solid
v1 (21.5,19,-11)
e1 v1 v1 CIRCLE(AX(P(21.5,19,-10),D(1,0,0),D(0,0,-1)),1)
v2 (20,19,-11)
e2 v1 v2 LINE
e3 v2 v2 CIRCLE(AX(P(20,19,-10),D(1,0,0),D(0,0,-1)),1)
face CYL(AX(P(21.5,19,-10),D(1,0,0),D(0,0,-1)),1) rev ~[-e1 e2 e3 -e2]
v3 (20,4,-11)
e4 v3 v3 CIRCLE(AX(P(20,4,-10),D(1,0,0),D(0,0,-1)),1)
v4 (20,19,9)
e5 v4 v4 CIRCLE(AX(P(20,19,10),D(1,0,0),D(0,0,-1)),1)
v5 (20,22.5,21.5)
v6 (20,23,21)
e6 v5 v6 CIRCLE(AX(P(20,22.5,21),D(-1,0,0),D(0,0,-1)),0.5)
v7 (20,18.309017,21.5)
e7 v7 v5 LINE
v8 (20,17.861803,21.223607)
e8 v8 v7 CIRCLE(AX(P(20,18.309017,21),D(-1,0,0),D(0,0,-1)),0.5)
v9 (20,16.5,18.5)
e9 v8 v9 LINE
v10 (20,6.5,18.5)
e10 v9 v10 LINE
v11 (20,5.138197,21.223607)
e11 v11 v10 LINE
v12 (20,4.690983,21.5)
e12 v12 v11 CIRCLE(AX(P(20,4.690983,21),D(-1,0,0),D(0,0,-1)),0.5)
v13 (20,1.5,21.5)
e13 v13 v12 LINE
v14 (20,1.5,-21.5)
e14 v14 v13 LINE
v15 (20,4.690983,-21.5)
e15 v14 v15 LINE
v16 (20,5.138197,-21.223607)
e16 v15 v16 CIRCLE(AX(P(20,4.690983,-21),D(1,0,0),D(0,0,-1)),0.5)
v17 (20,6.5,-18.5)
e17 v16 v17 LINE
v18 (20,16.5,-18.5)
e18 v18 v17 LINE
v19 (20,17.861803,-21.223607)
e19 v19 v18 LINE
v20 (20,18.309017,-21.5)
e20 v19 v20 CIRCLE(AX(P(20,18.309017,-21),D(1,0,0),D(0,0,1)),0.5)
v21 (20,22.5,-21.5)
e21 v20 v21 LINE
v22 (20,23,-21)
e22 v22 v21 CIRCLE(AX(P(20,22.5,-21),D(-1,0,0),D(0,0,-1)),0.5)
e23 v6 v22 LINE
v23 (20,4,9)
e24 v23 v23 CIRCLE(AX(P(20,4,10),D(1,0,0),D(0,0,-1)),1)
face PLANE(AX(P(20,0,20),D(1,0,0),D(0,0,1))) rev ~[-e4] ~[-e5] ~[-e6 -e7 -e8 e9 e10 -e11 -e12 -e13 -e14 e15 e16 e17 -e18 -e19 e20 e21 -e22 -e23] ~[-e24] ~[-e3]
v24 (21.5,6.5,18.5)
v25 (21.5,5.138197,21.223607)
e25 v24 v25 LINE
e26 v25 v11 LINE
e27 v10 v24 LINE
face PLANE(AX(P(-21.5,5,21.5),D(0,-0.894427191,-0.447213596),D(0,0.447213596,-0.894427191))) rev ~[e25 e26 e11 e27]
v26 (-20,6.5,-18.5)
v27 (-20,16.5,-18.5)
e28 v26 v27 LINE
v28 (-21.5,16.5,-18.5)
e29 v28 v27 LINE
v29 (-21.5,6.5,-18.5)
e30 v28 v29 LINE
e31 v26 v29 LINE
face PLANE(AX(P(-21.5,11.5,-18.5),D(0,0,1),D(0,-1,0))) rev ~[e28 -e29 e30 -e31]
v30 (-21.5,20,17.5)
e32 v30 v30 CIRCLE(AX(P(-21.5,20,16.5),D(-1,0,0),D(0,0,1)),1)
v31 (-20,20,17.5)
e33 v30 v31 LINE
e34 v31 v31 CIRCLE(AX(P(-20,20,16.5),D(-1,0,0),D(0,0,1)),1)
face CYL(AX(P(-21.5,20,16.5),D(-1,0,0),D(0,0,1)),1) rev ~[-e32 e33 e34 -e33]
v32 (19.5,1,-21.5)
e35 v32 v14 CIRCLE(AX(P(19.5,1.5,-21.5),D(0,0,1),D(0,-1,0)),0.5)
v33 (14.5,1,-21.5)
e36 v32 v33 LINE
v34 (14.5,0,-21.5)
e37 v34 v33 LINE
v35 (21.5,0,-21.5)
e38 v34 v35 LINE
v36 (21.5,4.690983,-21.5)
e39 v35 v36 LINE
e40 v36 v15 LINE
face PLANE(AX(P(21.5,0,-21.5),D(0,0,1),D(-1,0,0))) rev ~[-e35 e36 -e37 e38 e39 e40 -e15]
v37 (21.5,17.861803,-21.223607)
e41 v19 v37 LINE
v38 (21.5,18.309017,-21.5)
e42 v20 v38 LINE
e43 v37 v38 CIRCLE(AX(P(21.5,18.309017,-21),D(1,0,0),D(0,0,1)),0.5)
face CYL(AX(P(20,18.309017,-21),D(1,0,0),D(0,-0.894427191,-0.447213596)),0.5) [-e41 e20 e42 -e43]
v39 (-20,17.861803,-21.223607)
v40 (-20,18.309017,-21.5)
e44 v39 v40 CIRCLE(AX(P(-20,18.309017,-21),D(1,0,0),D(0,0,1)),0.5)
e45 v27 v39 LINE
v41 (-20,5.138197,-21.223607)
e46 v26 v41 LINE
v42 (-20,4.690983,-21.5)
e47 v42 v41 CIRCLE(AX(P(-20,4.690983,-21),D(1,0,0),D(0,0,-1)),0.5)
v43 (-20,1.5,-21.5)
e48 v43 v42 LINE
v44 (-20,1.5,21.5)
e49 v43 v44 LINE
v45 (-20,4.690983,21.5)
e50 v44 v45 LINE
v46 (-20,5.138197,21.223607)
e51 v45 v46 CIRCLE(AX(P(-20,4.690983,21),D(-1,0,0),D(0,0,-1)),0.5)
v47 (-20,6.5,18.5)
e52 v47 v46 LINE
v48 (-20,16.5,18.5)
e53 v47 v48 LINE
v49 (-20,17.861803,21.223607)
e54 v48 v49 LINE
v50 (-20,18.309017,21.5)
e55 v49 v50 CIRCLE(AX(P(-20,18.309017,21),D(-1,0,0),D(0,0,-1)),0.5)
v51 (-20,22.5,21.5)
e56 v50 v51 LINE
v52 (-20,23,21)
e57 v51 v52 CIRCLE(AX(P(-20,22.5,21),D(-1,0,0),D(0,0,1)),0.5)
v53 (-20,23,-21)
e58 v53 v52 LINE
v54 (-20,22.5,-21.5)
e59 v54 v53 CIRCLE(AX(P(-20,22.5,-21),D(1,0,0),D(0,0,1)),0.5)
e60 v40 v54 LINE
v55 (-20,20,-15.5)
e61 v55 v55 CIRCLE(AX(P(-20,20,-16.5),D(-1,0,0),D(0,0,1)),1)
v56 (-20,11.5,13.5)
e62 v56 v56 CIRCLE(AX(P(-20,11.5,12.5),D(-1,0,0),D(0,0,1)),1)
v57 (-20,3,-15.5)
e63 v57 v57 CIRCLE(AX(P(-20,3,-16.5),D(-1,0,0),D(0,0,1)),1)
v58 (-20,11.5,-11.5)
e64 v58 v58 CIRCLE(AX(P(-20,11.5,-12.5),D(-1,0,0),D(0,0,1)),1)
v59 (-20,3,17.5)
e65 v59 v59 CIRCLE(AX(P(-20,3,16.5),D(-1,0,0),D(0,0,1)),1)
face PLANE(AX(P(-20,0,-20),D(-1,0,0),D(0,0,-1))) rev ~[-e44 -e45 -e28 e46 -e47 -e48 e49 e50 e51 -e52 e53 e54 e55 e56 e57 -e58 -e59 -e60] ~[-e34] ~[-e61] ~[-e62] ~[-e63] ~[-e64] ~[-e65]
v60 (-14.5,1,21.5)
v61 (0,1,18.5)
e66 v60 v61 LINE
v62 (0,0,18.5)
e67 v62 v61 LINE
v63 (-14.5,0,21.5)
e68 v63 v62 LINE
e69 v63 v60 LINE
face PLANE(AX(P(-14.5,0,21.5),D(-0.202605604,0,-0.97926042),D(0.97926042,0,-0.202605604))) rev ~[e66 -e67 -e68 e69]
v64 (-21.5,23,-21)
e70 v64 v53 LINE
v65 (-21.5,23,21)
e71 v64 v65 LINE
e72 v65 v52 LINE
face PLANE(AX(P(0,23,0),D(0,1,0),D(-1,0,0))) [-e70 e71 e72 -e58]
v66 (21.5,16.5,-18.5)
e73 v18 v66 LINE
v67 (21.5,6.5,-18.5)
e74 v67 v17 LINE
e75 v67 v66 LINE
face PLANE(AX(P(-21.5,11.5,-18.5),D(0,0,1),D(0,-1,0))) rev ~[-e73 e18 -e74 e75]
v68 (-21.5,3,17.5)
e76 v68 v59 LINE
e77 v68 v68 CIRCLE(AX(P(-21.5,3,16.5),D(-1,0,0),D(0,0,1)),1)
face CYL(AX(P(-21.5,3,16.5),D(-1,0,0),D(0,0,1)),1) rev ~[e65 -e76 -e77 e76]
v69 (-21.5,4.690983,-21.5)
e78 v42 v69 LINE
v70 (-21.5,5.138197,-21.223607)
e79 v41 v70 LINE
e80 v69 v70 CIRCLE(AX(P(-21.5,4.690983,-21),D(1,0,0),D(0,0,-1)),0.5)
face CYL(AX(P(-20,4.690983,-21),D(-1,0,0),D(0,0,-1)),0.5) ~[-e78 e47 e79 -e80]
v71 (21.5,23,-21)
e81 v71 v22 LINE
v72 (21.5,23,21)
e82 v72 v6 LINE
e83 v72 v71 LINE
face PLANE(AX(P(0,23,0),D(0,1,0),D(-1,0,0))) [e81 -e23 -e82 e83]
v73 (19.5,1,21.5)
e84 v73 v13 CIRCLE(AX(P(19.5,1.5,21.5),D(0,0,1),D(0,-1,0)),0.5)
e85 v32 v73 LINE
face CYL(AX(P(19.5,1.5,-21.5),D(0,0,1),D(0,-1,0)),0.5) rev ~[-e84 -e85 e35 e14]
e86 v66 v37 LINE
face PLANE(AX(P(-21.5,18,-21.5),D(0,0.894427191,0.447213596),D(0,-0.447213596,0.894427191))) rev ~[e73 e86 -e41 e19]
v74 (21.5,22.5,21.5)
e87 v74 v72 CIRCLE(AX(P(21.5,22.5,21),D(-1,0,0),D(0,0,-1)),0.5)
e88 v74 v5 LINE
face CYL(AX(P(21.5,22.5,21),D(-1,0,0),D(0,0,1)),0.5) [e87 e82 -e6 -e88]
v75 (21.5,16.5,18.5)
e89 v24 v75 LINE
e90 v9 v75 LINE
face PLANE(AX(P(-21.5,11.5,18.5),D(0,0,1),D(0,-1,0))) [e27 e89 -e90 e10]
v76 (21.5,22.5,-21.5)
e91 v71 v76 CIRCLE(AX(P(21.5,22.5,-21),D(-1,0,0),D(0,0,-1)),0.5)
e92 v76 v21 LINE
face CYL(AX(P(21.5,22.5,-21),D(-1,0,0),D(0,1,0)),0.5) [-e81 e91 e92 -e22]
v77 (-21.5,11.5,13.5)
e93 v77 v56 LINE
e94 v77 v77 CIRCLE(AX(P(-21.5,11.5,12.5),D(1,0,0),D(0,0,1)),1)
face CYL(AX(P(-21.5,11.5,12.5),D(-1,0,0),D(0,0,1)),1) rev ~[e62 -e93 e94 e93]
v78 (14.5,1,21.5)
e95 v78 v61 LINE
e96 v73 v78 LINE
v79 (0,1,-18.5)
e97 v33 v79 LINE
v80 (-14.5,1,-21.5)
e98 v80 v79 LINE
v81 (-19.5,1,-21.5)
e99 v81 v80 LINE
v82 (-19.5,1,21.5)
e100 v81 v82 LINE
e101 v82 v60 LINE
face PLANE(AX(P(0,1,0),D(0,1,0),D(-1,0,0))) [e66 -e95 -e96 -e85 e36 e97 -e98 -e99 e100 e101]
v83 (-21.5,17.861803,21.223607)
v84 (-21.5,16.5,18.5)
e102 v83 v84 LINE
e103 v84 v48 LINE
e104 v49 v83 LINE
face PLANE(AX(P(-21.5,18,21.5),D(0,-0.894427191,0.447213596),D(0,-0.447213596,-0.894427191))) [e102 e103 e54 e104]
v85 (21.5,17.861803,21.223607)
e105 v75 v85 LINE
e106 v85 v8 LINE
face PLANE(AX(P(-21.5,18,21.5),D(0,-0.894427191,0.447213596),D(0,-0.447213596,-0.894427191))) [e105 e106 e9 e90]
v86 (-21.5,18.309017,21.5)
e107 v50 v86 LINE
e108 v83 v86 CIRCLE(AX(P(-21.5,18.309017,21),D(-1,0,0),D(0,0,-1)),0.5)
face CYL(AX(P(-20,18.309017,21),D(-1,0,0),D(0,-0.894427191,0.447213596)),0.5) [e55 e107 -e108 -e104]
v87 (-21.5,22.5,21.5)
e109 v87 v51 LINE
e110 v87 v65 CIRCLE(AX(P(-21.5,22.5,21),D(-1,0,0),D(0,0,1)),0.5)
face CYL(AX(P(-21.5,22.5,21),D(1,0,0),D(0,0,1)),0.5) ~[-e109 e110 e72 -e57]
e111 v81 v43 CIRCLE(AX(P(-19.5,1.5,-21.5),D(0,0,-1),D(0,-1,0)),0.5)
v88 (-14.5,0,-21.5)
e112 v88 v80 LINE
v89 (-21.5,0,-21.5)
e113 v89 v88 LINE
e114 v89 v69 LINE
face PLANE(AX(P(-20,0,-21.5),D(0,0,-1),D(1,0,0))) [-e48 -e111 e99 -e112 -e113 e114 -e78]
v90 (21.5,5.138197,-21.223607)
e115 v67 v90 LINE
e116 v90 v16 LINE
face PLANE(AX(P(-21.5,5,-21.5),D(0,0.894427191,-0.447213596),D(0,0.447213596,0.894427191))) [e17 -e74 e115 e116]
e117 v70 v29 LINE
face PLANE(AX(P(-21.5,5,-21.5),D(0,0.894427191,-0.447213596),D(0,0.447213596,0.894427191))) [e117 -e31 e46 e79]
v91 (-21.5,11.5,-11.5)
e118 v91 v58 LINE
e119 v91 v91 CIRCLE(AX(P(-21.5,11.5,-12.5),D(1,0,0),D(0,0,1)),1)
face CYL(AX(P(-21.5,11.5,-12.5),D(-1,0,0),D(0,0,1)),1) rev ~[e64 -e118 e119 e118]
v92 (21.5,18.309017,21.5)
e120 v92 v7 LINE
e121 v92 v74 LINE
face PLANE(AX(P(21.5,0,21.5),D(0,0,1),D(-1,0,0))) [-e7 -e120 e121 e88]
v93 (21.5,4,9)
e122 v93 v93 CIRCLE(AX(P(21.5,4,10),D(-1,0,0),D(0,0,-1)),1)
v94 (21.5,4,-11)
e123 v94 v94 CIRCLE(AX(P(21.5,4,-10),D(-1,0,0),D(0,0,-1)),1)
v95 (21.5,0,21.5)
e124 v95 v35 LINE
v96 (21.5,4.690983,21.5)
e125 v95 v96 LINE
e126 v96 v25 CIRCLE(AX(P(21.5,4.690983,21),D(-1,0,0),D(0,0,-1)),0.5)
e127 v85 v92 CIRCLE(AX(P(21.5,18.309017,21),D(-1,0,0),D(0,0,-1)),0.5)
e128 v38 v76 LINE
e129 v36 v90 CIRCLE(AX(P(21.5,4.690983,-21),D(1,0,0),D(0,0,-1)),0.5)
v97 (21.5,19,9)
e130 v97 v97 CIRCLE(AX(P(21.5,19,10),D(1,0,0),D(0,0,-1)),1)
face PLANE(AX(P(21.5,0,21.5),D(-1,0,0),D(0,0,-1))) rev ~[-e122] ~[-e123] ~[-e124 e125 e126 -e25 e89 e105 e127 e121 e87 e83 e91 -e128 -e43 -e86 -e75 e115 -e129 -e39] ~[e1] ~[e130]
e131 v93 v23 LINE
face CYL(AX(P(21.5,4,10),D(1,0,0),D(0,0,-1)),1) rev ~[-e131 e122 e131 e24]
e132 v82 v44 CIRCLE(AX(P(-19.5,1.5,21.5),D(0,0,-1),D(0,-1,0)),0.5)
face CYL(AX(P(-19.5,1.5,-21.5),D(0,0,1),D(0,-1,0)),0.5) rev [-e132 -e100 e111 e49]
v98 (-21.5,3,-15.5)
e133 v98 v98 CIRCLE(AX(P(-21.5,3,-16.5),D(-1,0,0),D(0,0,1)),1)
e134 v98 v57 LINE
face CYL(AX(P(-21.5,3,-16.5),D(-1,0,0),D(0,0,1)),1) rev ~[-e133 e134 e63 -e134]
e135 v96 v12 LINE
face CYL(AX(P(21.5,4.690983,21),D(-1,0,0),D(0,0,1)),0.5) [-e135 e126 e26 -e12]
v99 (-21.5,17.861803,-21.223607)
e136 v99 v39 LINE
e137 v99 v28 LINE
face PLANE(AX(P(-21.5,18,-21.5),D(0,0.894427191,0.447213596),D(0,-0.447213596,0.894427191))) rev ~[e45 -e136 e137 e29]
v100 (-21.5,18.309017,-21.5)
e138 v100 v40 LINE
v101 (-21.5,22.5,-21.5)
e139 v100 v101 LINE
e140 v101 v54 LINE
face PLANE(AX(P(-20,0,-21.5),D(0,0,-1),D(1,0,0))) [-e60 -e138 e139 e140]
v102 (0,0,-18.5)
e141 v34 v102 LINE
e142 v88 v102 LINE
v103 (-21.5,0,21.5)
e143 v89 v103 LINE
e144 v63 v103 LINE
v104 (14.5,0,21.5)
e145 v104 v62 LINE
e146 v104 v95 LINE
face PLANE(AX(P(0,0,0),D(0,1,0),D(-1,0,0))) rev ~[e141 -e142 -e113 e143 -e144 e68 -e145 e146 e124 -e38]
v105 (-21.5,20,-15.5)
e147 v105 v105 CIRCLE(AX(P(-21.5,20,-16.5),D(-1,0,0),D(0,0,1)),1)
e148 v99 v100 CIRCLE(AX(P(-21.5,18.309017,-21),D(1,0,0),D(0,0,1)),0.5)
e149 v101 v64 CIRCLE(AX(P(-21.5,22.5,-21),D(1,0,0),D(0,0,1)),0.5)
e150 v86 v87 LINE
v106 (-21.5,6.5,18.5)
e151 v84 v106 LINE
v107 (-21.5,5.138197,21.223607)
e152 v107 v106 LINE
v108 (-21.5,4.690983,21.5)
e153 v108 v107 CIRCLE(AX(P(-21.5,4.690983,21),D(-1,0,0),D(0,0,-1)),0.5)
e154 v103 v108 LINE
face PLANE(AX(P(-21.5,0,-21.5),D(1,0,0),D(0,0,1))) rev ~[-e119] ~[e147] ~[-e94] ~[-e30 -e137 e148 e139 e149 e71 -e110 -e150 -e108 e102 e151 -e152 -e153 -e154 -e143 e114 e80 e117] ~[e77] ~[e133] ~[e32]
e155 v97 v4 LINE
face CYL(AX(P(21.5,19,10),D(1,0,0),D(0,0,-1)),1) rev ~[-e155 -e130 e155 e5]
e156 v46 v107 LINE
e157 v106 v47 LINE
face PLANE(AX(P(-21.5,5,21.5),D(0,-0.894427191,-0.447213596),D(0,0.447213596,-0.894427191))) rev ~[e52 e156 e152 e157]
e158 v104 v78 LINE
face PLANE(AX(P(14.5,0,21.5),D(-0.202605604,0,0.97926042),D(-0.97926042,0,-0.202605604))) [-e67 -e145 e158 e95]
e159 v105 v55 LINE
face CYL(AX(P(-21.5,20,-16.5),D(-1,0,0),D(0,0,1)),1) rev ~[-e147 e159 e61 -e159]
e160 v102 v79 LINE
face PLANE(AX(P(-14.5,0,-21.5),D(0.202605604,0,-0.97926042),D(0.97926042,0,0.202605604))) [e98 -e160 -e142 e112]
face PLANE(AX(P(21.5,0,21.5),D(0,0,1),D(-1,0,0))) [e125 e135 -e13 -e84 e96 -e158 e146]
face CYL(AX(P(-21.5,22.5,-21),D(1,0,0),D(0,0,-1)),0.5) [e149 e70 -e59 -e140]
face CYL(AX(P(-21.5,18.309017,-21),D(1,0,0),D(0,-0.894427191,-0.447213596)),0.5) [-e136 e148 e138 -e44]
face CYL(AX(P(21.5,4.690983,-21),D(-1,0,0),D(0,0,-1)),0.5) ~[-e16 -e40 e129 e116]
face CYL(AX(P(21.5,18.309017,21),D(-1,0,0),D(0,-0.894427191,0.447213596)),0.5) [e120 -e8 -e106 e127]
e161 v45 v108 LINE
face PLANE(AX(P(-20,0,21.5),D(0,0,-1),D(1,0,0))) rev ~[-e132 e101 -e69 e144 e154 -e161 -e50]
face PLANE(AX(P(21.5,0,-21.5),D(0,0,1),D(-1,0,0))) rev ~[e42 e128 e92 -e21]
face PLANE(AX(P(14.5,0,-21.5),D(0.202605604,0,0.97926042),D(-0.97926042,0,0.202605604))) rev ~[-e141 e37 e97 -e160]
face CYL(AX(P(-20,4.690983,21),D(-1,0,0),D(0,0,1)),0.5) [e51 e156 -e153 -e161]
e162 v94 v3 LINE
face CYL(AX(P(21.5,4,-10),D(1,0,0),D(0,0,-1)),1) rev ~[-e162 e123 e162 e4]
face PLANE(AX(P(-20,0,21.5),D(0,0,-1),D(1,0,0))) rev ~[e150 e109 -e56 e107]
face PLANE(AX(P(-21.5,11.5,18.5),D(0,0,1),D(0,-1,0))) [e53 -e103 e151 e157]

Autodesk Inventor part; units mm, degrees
ref_plane "YZ Plane" through (0, 0, 0) normal (1, 0, 0) x (0, 1, 0)
ref_plane "XZ Plane" through (0, 0, 0) normal (0, 1, 0) x (-1, 0, 0)
ref_plane "XY Plane" through (0, 0, 0) normal (0, 0, 1) x (1, 0, 0)
sketch "Esboço1" plane through (0, 0, 0) normal (0, 1, 0) x (-1, 0, 0)
  line L0 (-21.5, 21.5) -> (-21.5, -21.5)
  line L1 (21.5, -21.5) -> (21.5, 21.5)
  line L2 (21.5, 21.5) -> (-21.5, -21.5) construction
  line L3 (-21.5, 21.5) -> (21.5, -21.5) construction
  line L4 (21.5, -21.5) -> (14.5, -21.5)
  line L5 (14.5, -21.5) -> (0, -18.5)
  line L6 (-21.5, -21.5) -> (-14.5, -21.5)
  line L7 (-14.5, -21.5) -> (0, -18.5)
  line L8 (-21.5, -21.5) -> (-14.5, -21.5)
  line L9 (14.5, -21.5) -> (21.5, -21.5)
  line L10 (21.5, 21.5) -> (14.5, 21.5)
  line L11 (14.5, 21.5) -> (0, 18.5)
  line L12 (-21.5, 21.5) -> (-14.5, 21.5)
  line L13 (-14.5, 21.5) -> (0, 18.5)
  line L14 (20, -20) -> (20, 20)
  line L15 (20, 20) -> (14.6535, 20)
  line L16 (14.6535, 20) -> (0, 16.9682)
  line L17 (0, 16.9682) -> (-14.6535, 20)
  line L18 (-14.6535, 20) -> (-20, 20)
  line L19 (-20, 20) -> (-20, -20)
  line L20 (20, -20) -> (14.6535, -20)
  line L21 (14.6535, -20) -> (0, -16.9682)
  line L22 (0, -16.9682) -> (-14.6535, -20)
  line L23 (-14.6535, -20) -> (-20, -20)
  line L24 (20, 20) -> (20, 21.5)
  line L25 (20, -20) -> (20, -21.5)
  line L26 (-20, -20) -> (-20, -21.5)
  line L27 (-20, 20) -> (-20, 21.5)
  point P0 (0, 0)
  dimension "d0" = 43
  dimension "d1" = 43
  dimension "d2" = 37
  dimension "d3" = 7
  dimension "d4" = 7
extrude "Extrusão1" add sketch "Esboço1" along normal blind 23 contours L12 L27 L19 L26 L6 L0 | L10 L1 L4 L25 L14 L24
extrude "Extrusão2" add sketch "Esboço1" along normal blind 1 contours L12 L13 L11 L10 L24 L15 L16 L17 L18 L27 | L26 L23 L22 L21 L20 L25 L4 L5 L7 L6 | L18 L17 L16 L15 L14 L20 L21 L22 L23 L19
sketch "Esboço2" plane through (-21.5, 0, -21.5) normal (-1, 0, 0) x (0, 0, 1)
  line L0 (0, 0) -> (0, 23) projected
  line L1 (0, 23) -> (0, 18)
  line L2 (3, 0) -> (0, 0) projected
  line L3 (0, 0) -> (0, 5)
  line L4 (0, 11.5) -> (43, 11.5)
  line L5 (43, 0) -> (43, 23) projected
  line L6 (3, 11.5) -> (40, 11.5)
  line L7 (3, 16.5) -> (3, 6.5)
  line L8 (0, 18) -> (3, 16.5)
  line L9 (0, 5) -> (3, 6.5)
  line L10 (0, 18) -> (0, 5)
  line L11 (43, 23) -> (0, 23) projected
  line L12 (21.5, 23) -> (21.5, 0)
  line L13 (43, 23) -> (43, 18)
  line L14 (43, 0) -> (43, 5)
  line L15 (40, 16.5) -> (40, 6.5)
  line L16 (43, 18) -> (40, 16.5)
  line L17 (43, 5) -> (40, 6.5)
  line L18 (43, 18) -> (43, 5)
  line L19 (43, 0) -> (0, 0) projected
  line L20 (43, 0) -> (38, 0)
  line L21 (43, 5) -> (43, 0)
  circle A0 centre (38, 3) radius 1
  circle A1 centre (38, 20) radius 1
  circle A2 centre (5, 3) radius 1
  circle A3 centre (5, 20) radius 1
  line L22 (0, 11.5) -> (8, 11.5)
  line L23 (8, 11.5) -> (9, 11.5)
  circle A4 centre (9, 11.5) radius 1
  line L24 (43, 11.5) -> (34, 11.5)
  circle A5 centre (34, 11.5) radius 1
  point P0 (21.5, 11.5)
  dimension "d15" = 5
  dimension "d16" = 5
  dimension "d17" = 37
  dimension "d18" = 10
  dimension "d26" = 2
  dimension "d29" = 17
  dimension "d32" = 33
  dimension "d35" = 8
  dimension "d36" = 1
  dimension "d37" = 2
  dimension "d38" = 3
  dimension "d39" = 5
  dimension "d40" = 9
  dimension "d41" = 2
extrude "Extrusão3" cut sketch "Esboço2" along normal blind 1 and the other way blind 60.75 contours L0 L4 L7 L9 | L0 L8 L7 L4 | L17 L15 L4 L5 | L15 L16 L5 L4
extrude "Extrusão4" cut sketch "Esboço2" against normal blind 3 contours A4 L4 | L4 A4 | A5 L4 | L4 A5 | A0 | A1 | A2 | A3
sketch "Esboço5" plane through (21.5, 0, 21.5) normal (1, 0, 0) x (0, 0, -1)
  line L0 (11.5, 0) -> (31.5, 0)
  line L1 (0, 0) -> (43, 0) projected
  line L2 (11.5, 0) -> (11.5, 4)
  line L3 (31.5, 0) -> (31.5, 3)
  circle A0 centre (11.5, 4) radius 1
  circle A1 centre (31.5, 4) radius 1
  circle A2 centre (11.5, 19) radius 1
  circle A3 centre (31.5, 19) radius 1
  line L4 (0, 23) -> (43, 23) projected
  point P0 (21.5, 0)
  dimension "d46" = 3
  dimension "d47" = 2
  dimension "d50" = 20
  dimension "d53" = 15
  dimension "d56" = 4
extrude "Extrusão5" cut sketch "Esboço5" against normal blind 3
fillet "Arredondamento2" radius 0.5 14 edges at (-20, 1, 0) (20, 1, 0) (-20.75, 23, -21.5) (-20.75, 18, -21.5) (-20.75, 5, -21.5) (20.75, 5, -21.5) (20.75, 18, -21.5) (20.75, 23, -21.5) (20.75, 23, 21.5) (20.75, 18, 21.5) (20.75, 5, 21.5) (-20.75, 5, 21.5) (-20.75, 18, 21.5) (-20.75, 23, 21.5)
properties part number "BiaFrame"
